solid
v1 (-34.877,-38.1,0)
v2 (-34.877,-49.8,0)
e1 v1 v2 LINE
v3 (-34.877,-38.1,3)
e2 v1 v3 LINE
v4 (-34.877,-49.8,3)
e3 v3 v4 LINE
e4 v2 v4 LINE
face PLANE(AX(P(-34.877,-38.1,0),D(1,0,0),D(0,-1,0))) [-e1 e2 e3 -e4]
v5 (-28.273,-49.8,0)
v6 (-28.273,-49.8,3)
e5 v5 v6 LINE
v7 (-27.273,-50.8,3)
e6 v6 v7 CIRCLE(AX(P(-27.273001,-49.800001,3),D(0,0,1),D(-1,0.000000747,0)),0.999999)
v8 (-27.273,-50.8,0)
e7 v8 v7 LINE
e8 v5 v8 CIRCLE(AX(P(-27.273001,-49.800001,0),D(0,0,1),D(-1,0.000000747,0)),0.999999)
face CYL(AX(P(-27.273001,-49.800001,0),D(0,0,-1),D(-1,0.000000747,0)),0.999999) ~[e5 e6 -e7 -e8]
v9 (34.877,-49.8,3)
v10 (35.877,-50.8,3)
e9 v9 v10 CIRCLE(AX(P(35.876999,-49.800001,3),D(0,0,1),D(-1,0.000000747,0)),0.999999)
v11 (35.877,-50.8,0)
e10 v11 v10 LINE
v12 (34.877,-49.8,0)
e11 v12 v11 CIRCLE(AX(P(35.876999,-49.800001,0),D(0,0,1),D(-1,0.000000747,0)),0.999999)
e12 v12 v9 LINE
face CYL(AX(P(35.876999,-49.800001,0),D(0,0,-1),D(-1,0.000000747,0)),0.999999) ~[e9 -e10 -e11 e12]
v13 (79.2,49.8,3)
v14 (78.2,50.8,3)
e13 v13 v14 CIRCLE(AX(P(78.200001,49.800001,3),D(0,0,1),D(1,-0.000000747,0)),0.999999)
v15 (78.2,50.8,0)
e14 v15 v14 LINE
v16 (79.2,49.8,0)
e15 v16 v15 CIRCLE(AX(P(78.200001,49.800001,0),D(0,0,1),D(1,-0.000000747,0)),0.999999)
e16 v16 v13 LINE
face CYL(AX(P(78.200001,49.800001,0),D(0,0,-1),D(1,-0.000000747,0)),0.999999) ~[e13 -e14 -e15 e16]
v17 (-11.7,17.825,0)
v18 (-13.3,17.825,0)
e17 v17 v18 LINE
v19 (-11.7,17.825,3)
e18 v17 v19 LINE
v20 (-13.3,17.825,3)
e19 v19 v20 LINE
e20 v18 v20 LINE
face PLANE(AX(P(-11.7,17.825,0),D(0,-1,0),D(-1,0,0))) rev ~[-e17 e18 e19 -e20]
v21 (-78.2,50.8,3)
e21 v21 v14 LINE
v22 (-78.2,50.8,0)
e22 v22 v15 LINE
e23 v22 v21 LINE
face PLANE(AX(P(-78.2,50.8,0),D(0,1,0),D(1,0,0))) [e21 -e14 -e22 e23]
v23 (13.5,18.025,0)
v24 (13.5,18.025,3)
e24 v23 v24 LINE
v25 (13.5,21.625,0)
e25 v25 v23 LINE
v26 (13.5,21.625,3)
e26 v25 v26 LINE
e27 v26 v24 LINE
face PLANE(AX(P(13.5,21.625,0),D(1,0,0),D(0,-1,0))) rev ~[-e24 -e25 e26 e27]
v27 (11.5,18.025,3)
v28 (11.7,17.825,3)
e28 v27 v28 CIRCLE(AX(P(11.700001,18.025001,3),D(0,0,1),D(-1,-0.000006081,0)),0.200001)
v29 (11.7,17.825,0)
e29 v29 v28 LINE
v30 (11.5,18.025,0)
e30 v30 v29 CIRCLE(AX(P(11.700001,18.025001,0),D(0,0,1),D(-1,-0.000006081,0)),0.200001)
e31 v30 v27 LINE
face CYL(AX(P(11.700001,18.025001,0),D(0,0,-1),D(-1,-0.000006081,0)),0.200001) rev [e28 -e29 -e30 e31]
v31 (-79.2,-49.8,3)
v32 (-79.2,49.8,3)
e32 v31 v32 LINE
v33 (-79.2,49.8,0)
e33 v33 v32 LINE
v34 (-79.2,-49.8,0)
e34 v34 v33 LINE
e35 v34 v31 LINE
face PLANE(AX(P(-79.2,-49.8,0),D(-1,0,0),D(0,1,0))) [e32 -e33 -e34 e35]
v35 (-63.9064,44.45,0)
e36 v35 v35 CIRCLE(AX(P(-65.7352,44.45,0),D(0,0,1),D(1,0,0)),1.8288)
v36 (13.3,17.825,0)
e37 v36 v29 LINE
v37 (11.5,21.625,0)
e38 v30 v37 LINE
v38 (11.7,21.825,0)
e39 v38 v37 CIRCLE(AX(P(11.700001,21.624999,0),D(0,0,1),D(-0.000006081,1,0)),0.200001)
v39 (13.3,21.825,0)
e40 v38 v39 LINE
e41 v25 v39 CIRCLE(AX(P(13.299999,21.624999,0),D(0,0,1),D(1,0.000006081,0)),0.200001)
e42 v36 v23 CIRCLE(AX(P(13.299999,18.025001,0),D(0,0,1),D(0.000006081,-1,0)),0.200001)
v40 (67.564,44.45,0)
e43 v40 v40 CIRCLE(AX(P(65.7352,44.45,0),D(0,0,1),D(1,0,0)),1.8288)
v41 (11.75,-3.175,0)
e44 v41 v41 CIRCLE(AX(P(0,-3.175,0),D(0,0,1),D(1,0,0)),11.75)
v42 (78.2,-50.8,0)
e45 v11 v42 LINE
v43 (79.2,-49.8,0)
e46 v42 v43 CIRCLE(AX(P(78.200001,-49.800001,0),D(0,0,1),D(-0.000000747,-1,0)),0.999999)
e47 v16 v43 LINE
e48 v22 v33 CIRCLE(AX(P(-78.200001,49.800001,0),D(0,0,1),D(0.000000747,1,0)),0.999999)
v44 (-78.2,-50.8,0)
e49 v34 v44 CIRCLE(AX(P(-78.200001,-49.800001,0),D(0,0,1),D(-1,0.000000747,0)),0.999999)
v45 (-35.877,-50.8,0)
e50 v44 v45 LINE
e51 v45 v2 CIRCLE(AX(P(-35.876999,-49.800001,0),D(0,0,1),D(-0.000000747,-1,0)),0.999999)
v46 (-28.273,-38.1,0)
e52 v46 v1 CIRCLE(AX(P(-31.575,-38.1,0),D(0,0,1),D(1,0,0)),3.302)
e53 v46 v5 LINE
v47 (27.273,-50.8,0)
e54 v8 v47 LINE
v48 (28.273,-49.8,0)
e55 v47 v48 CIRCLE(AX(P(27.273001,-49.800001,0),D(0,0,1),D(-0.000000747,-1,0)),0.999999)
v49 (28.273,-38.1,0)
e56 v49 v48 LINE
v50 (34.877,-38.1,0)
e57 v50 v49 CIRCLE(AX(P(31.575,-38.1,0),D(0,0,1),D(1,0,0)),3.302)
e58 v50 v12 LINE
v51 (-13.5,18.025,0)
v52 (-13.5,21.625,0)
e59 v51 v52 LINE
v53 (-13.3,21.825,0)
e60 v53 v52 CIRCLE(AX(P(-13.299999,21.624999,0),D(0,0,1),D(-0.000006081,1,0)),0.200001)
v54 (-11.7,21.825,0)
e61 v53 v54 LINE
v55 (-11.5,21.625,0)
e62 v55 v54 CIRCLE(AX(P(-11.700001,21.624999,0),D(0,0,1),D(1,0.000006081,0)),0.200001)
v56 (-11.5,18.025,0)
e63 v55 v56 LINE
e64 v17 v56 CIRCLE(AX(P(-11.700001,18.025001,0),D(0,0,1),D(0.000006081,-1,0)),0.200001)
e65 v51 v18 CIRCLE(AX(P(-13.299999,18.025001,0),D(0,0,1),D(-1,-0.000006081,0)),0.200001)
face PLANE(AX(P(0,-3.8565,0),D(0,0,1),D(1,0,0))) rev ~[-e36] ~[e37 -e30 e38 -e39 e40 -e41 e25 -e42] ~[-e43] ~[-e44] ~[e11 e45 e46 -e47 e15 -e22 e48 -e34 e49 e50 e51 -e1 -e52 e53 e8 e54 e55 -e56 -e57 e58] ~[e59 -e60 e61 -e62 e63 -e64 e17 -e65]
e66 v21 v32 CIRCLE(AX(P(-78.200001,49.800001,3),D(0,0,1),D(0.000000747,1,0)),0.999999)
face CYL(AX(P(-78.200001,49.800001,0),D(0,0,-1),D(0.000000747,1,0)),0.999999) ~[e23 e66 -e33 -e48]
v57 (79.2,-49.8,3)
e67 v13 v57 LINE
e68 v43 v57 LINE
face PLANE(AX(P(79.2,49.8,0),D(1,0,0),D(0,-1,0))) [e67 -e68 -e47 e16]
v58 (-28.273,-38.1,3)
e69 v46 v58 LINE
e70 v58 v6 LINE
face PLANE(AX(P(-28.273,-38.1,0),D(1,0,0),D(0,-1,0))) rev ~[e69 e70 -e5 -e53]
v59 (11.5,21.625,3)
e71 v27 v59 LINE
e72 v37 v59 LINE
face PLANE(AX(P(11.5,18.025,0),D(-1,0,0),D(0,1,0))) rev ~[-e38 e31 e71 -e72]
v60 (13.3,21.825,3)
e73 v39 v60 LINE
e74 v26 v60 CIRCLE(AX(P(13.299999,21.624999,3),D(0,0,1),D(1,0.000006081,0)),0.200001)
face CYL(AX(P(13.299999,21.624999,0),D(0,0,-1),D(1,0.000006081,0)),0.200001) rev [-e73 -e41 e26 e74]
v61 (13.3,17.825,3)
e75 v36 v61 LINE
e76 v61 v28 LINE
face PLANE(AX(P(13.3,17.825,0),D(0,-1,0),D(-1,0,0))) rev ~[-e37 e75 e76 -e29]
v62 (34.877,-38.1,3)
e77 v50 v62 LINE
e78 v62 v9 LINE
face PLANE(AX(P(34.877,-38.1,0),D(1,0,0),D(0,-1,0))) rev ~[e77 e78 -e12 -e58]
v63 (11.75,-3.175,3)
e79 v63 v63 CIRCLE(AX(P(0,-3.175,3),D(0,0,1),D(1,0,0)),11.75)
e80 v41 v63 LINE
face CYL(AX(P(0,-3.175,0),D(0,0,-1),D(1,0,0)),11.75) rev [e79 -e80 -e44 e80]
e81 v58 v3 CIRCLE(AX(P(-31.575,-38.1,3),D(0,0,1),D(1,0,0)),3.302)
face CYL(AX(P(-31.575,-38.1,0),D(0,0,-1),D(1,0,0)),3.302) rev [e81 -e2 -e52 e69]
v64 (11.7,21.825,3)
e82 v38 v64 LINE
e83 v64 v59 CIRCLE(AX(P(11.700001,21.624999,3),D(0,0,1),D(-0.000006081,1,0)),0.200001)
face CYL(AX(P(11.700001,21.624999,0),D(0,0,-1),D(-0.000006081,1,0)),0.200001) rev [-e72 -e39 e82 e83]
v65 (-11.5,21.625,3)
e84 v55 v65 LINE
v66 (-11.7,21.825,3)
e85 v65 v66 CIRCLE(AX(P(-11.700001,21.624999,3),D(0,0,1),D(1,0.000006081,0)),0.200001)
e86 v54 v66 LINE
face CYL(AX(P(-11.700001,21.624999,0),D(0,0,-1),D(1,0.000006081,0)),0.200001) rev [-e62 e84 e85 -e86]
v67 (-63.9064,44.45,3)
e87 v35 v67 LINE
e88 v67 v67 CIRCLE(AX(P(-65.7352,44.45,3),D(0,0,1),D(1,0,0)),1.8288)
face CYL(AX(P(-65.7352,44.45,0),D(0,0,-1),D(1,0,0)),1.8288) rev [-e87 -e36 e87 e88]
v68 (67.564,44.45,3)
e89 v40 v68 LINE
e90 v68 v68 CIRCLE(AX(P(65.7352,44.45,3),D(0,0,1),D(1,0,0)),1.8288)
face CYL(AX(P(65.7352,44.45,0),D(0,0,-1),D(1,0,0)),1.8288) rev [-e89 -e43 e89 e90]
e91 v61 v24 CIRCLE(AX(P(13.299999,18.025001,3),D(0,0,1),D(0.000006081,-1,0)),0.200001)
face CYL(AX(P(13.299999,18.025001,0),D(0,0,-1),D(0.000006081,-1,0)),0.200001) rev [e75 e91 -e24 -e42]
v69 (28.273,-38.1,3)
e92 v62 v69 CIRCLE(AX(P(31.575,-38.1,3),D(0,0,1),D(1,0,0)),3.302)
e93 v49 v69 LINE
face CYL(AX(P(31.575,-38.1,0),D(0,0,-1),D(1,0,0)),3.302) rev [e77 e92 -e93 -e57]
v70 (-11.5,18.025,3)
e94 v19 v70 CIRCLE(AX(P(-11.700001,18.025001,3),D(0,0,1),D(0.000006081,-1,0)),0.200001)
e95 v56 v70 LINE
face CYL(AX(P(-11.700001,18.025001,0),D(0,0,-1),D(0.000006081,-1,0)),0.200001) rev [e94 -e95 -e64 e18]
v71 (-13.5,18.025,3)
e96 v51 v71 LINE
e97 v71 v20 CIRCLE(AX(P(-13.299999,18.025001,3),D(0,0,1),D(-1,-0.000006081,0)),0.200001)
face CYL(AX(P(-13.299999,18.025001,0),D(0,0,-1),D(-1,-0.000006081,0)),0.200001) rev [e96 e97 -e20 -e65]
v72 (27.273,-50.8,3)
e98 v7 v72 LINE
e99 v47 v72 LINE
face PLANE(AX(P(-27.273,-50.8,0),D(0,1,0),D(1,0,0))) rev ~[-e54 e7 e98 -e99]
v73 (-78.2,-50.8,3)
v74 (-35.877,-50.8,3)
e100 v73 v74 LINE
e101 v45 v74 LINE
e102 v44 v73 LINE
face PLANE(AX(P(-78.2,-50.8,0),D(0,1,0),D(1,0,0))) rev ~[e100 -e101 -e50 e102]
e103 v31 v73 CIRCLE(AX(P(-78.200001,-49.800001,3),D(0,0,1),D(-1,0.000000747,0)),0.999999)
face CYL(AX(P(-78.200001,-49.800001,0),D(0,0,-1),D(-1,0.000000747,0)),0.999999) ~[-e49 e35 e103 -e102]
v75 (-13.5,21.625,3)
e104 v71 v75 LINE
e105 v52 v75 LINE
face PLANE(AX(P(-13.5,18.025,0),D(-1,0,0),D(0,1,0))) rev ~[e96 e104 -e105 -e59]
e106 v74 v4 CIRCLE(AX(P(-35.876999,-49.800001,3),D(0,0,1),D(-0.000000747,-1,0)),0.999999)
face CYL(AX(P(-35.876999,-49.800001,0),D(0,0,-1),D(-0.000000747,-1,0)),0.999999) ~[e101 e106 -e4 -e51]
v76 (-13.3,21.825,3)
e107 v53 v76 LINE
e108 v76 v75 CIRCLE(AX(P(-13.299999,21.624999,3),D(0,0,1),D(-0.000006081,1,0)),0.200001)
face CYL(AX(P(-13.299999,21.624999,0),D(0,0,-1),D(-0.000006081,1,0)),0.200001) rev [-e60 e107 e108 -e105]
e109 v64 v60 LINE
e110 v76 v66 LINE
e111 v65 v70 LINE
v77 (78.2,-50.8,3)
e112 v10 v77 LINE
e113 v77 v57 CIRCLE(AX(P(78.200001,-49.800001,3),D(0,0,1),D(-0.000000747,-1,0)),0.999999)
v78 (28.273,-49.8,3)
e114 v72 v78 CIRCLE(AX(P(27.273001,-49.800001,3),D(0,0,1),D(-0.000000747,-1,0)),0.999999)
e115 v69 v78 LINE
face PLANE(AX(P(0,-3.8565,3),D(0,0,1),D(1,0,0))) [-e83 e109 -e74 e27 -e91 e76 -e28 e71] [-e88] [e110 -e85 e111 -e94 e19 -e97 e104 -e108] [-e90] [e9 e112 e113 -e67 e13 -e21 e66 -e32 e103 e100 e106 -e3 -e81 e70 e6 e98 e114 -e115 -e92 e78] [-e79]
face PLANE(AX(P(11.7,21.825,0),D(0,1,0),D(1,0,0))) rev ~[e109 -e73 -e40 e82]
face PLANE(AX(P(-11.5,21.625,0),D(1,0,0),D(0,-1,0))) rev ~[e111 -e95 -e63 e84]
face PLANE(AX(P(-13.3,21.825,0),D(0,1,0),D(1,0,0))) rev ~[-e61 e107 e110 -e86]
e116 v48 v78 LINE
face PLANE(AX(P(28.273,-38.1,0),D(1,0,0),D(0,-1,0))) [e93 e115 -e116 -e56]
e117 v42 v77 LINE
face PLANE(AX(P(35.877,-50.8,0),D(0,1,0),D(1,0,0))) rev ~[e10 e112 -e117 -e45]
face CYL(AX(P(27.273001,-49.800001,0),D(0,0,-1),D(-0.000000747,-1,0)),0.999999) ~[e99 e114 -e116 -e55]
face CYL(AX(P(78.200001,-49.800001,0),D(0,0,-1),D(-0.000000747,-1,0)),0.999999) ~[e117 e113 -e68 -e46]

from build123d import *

# Parameters (mm, degrees)
SKETCH_R   = 11.75
SKETCH_R_2 = 1.8288
PAD_DEPTH  = 3


with BuildPart() as part:
    # Sketch → Pad (new body)
    with BuildSketch(Plane.XY):
        with BuildLine():
            ThreePointArc((-78.2, 50.8), (-78.907107, 50.507107), (-79.2, 49.8))
            Line((-79.2, -49.8), (-79.2, 49.8))
            ThreePointArc((-79.2, -49.8), (-78.907107, -50.507107), (-78.2, -50.8))
            Line((-78.2, -50.8), (-35.877, -50.8))
            ThreePointArc((-35.877, -50.8), (-35.169893, -50.507107), (-34.877, -49.8))
            Line((-34.877, -38.1), (-34.877, -49.8))
            ThreePointArc((-28.273, -38.1), (-31.575, -34.798), (-34.877, -38.1))
            Line((-28.273, -38.1), (-28.273, -49.8))
            ThreePointArc((-28.273, -49.8), (-27.980107, -50.507107), (-27.273, -50.8))
            Line((-27.273, -50.8), (27.273, -50.8))
            ThreePointArc((27.273, -50.8), (27.980107, -50.507107), (28.273, -49.8))
            Line((28.273, -38.1), (28.273, -49.8))
            ThreePointArc((34.877, -38.1), (31.575, -34.798), (28.273, -38.1))
            Line((34.877, -38.1), (34.877, -49.8))
            ThreePointArc((34.877, -49.8), (35.169893, -50.507107), (35.877, -50.8))
            Line((35.877, -50.8), (78.2, -50.8))
            ThreePointArc((78.2, -50.8), (78.907107, -50.507107), (79.2, -49.8))
            Line((79.2, 49.8), (79.2, -49.8))
            ThreePointArc((79.2, 49.8), (78.907107, 50.507107), (78.2, 50.8))
            Line((-78.2, 50.8), (78.2, 50.8))
        make_face()
        with Locations((0, -3.175)):
            Circle(SKETCH_R, mode=Mode.SUBTRACT)
        with Locations((-65.7352, 44.45)):
            Circle(SKETCH_R_2, mode=Mode.SUBTRACT)
        with Locations((65.7352, 44.45)):
            Circle(SKETCH_R_2, mode=Mode.SUBTRACT)
        with BuildLine():
            ThreePointArc((-13.3, 21.825), (-13.441421, 21.766421), (-13.5, 21.625))
            Line((-13.5, 18.025), (-13.5, 21.625))
            ThreePointArc((-13.5, 18.025), (-13.441421, 17.883579), (-13.3, 17.825))
            Line((-11.7, 17.825), (-13.3, 17.825))
            ThreePointArc((-11.7, 17.825), (-11.558579, 17.883579), (-11.5, 18.025))
            Line((-11.5, 21.625), (-11.5, 18.025))
            ThreePointArc((-11.5, 21.625), (-11.558579, 21.766421), (-11.7, 21.825))
            Line((-13.3, 21.825), (-11.7, 21.825))
        make_face(mode=Mode.SUBTRACT)
        with BuildLine():
            ThreePointArc((11.7, 21.825), (11.558579, 21.766421), (11.5, 21.625))
            Line((11.5, 18.025), (11.5, 21.625))
            ThreePointArc((11.5, 18.025), (11.558579, 17.883579), (11.7, 17.825))
            Line((13.3, 17.825), (11.7, 17.825))
            ThreePointArc((13.3, 17.825), (13.441421, 17.883579), (13.5, 18.025))
            Line((13.5, 21.625), (13.5, 18.025))
            ThreePointArc((13.5, 21.625), (13.441421, 21.766421), (13.3, 21.825))
            Line((11.7, 21.825), (13.3, 21.825))
        make_face(mode=Mode.SUBTRACT)
    extrude(amount=PAD_DEPTH)


solid = part.part
